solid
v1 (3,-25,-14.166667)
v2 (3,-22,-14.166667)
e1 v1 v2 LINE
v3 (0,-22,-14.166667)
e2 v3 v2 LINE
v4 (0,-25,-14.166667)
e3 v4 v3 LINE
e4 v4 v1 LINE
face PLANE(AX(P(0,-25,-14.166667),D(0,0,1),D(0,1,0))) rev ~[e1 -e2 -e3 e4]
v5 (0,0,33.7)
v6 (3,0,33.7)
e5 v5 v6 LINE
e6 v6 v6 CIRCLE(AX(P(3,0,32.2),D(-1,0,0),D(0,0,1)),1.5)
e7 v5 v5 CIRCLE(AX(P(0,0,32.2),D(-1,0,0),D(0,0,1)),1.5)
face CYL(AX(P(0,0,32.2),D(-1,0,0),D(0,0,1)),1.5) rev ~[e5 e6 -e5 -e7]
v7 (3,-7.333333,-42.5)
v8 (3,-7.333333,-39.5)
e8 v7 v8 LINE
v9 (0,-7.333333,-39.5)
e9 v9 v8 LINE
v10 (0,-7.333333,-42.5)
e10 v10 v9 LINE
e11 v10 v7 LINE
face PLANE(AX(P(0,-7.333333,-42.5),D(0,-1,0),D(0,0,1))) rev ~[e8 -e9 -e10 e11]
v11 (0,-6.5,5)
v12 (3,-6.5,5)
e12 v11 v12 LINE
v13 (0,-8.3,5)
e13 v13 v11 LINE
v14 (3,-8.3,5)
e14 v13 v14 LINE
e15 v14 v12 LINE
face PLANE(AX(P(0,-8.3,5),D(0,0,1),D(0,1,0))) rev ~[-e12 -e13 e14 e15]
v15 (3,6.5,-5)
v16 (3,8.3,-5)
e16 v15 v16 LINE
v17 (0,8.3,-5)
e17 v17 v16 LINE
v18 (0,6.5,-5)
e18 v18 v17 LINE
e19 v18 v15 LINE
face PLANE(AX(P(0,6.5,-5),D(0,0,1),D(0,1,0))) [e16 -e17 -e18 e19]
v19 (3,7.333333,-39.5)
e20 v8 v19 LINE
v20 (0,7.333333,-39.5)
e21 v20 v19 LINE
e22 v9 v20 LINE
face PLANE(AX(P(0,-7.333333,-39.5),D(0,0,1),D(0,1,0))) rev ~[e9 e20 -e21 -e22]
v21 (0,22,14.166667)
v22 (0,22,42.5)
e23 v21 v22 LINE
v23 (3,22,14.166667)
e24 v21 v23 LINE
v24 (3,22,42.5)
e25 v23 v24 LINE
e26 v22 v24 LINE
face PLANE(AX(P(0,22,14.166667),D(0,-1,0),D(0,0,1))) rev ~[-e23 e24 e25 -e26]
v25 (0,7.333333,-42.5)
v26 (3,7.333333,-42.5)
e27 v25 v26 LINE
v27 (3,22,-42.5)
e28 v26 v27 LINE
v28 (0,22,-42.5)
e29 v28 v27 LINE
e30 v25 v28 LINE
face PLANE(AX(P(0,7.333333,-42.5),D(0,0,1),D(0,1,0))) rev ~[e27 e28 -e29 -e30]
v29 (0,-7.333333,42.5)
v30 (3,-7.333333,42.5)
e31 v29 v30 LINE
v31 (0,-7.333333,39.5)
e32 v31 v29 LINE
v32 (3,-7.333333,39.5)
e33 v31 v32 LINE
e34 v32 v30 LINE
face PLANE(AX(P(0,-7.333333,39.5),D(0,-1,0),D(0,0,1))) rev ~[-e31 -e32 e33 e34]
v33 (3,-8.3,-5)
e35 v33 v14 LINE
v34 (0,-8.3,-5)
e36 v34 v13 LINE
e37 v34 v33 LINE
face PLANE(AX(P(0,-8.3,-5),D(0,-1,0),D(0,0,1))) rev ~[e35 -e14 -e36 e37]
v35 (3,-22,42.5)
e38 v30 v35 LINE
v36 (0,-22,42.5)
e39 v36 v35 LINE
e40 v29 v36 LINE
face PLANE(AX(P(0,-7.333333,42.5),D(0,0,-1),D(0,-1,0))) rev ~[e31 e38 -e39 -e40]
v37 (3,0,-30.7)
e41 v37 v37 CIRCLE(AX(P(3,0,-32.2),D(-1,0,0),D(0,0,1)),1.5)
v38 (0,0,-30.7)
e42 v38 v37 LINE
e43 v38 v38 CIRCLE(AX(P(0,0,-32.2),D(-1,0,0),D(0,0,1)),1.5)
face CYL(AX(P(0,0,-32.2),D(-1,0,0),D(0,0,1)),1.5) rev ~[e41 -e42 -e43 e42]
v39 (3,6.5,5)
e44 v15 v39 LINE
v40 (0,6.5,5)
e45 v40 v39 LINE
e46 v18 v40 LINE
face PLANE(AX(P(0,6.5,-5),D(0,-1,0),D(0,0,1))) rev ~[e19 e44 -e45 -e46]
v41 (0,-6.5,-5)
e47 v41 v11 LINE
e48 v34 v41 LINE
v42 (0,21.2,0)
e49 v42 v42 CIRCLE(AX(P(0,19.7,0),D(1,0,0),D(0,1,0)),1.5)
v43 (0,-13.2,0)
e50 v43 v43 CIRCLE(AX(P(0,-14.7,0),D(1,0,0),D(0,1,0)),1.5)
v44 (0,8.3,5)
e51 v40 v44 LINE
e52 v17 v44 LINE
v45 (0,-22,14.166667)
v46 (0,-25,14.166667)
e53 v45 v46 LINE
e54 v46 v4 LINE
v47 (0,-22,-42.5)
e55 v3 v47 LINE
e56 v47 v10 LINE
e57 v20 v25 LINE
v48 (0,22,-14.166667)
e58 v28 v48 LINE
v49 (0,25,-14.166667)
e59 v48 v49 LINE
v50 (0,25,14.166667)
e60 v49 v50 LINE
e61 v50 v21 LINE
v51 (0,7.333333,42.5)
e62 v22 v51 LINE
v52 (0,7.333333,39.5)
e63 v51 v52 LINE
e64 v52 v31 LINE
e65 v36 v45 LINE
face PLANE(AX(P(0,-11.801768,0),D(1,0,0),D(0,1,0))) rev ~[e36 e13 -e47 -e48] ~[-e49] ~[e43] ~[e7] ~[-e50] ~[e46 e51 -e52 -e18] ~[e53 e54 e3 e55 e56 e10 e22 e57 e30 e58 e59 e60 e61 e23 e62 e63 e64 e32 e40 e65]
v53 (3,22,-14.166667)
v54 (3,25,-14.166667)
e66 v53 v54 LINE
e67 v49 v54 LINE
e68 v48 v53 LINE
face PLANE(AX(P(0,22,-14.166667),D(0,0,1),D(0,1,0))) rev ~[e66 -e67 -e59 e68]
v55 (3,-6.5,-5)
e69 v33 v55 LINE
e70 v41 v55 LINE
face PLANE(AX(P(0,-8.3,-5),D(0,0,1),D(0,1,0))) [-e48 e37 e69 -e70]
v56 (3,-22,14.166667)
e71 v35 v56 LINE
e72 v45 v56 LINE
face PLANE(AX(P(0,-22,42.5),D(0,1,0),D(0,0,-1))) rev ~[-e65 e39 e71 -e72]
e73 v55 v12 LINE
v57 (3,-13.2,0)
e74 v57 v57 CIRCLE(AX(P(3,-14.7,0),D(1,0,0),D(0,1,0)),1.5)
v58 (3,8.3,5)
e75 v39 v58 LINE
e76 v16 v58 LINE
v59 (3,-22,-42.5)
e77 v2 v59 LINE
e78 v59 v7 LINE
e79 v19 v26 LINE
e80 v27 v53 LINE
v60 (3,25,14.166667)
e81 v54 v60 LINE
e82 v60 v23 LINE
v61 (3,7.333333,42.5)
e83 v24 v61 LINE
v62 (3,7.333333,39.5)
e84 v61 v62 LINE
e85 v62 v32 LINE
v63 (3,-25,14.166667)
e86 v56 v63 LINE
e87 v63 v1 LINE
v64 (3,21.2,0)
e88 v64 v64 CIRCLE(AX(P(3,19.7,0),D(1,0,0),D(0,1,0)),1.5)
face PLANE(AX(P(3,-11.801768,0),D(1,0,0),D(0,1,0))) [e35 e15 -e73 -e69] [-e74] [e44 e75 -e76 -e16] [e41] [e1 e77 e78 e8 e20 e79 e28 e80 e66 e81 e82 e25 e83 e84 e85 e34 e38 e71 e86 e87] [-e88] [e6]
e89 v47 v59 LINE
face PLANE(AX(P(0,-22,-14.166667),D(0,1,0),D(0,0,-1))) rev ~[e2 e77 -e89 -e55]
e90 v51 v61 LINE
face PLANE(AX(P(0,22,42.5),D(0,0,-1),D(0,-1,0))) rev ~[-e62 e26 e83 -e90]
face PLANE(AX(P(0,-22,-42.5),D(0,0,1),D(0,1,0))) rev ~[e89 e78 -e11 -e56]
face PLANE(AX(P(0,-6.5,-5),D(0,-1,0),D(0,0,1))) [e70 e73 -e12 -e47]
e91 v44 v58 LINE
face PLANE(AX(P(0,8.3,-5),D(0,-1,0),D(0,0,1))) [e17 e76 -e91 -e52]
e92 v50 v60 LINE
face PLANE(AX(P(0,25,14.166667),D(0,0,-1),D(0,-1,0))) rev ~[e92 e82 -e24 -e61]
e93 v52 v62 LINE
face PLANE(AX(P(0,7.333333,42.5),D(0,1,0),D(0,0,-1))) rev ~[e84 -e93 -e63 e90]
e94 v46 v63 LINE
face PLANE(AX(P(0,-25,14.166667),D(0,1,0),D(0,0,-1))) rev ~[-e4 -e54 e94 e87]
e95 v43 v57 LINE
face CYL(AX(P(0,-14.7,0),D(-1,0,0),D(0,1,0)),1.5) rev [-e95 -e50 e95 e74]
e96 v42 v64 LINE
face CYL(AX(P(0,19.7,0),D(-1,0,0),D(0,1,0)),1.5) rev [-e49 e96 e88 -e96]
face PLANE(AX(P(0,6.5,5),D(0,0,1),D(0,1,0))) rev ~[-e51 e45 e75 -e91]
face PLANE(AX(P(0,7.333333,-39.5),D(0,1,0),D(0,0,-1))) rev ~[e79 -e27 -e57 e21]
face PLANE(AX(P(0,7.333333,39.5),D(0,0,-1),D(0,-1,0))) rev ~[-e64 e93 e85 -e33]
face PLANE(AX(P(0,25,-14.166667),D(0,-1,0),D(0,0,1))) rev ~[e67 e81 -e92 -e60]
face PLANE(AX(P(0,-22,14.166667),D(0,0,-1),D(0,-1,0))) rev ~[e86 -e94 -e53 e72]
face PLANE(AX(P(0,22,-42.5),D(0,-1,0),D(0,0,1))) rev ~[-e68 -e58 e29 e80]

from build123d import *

# Parameters (mm, degrees)
F0_R     = 1.5
F0_W     = 1.8
F0_H     = 10
F1_DEPTH = 3


with BuildPart() as f1:
    # F0 (on Right) → F1 (new body)
    with BuildSketch(Plane.YZ):
        with BuildLine():
            Line((-22, 14.166667), (-25, 14.166667))
            Line((-25, 14.166667), (-25, -14.166667))
            Line((-25, -14.166667), (-22, -14.166667))
            Line((-22, -14.166667), (-22, -42.5))
            Line((-22, -42.5), (-14.666667, -42.5))
            Line((-14.666667, -42.5), (-7.333333, -42.5))
            Line((-7.333333, -42.5), (-7.333333, -39.5))
            Line((-7.333333, -39.5), (0, -39.5))
            Line((0, -39.5), (0, -33.7))
            ThreePointArc((0, -33.7), (-1.5, -32.2), (0, -30.7))
            Line((0, -30.7), (0, 30.7))
            ThreePointArc((0, 30.7), (-1.5, 32.2), (0, 33.7))
            Line((0, 33.7), (0, 39.5))
            Line((0, 39.5), (-7.333333, 39.5))
            Line((-7.333333, 39.5), (-7.333333, 42.5))
            Line((-7.333333, 42.5), (-14.666667, 42.5))
            Line((-14.666667, 42.5), (-22, 42.5))
            Line((-22, 42.5), (-22, 14.166667))
        make_face()
        with Locations((-14.7, 0)):
            Circle(F0_R, mode=Mode.SUBTRACT)
        with Locations((-7.4, 0)):
            Rectangle(F0_W, F0_H, mode=Mode.SUBTRACT)
        with BuildLine():
            Line((7.333333, 39.5), (0, 39.5))
            Line((0, 39.5), (0, 33.7))
            ThreePointArc((0, 33.7), (1.5, 32.2), (0, 30.7))
            Line((0, 30.7), (0, -30.7))
            ThreePointArc((0, -30.7), (1.5, -32.2), (0, -33.7))
            Line((0, -33.7), (0, -39.5))
            Line((0, -39.5), (7.333333, -39.5))
            Line((7.333333, -39.5), (7.333333, -42.5))
            Line((7.333333, -42.5), (14.666667, -42.5))
            Line((14.666667, -42.5), (22, -42.5))
            Line((22, -42.5), (22, -14.166667))
            Line((22, -14.166667), (25, -14.166667))
            Line((25, -14.166667), (25, 14.166667))
            Line((25, 14.166667), (22, 14.166667))
            Line((22, 14.166667), (22, 42.5))
            Line((22, 42.5), (14.666667, 42.5))
            Line((14.666667, 42.5), (7.333333, 42.5))
            Line((7.333333, 42.5), (7.333333, 39.5))
        make_face()
        with Locations((7.4, 0)):
            Rectangle(F0_W, F0_H, mode=Mode.SUBTRACT)
        with Locations((19.7, 0)):
            Circle(F0_R, mode=Mode.SUBTRACT)
    extrude(amount=F1_DEPTH)


solid = f1.part
